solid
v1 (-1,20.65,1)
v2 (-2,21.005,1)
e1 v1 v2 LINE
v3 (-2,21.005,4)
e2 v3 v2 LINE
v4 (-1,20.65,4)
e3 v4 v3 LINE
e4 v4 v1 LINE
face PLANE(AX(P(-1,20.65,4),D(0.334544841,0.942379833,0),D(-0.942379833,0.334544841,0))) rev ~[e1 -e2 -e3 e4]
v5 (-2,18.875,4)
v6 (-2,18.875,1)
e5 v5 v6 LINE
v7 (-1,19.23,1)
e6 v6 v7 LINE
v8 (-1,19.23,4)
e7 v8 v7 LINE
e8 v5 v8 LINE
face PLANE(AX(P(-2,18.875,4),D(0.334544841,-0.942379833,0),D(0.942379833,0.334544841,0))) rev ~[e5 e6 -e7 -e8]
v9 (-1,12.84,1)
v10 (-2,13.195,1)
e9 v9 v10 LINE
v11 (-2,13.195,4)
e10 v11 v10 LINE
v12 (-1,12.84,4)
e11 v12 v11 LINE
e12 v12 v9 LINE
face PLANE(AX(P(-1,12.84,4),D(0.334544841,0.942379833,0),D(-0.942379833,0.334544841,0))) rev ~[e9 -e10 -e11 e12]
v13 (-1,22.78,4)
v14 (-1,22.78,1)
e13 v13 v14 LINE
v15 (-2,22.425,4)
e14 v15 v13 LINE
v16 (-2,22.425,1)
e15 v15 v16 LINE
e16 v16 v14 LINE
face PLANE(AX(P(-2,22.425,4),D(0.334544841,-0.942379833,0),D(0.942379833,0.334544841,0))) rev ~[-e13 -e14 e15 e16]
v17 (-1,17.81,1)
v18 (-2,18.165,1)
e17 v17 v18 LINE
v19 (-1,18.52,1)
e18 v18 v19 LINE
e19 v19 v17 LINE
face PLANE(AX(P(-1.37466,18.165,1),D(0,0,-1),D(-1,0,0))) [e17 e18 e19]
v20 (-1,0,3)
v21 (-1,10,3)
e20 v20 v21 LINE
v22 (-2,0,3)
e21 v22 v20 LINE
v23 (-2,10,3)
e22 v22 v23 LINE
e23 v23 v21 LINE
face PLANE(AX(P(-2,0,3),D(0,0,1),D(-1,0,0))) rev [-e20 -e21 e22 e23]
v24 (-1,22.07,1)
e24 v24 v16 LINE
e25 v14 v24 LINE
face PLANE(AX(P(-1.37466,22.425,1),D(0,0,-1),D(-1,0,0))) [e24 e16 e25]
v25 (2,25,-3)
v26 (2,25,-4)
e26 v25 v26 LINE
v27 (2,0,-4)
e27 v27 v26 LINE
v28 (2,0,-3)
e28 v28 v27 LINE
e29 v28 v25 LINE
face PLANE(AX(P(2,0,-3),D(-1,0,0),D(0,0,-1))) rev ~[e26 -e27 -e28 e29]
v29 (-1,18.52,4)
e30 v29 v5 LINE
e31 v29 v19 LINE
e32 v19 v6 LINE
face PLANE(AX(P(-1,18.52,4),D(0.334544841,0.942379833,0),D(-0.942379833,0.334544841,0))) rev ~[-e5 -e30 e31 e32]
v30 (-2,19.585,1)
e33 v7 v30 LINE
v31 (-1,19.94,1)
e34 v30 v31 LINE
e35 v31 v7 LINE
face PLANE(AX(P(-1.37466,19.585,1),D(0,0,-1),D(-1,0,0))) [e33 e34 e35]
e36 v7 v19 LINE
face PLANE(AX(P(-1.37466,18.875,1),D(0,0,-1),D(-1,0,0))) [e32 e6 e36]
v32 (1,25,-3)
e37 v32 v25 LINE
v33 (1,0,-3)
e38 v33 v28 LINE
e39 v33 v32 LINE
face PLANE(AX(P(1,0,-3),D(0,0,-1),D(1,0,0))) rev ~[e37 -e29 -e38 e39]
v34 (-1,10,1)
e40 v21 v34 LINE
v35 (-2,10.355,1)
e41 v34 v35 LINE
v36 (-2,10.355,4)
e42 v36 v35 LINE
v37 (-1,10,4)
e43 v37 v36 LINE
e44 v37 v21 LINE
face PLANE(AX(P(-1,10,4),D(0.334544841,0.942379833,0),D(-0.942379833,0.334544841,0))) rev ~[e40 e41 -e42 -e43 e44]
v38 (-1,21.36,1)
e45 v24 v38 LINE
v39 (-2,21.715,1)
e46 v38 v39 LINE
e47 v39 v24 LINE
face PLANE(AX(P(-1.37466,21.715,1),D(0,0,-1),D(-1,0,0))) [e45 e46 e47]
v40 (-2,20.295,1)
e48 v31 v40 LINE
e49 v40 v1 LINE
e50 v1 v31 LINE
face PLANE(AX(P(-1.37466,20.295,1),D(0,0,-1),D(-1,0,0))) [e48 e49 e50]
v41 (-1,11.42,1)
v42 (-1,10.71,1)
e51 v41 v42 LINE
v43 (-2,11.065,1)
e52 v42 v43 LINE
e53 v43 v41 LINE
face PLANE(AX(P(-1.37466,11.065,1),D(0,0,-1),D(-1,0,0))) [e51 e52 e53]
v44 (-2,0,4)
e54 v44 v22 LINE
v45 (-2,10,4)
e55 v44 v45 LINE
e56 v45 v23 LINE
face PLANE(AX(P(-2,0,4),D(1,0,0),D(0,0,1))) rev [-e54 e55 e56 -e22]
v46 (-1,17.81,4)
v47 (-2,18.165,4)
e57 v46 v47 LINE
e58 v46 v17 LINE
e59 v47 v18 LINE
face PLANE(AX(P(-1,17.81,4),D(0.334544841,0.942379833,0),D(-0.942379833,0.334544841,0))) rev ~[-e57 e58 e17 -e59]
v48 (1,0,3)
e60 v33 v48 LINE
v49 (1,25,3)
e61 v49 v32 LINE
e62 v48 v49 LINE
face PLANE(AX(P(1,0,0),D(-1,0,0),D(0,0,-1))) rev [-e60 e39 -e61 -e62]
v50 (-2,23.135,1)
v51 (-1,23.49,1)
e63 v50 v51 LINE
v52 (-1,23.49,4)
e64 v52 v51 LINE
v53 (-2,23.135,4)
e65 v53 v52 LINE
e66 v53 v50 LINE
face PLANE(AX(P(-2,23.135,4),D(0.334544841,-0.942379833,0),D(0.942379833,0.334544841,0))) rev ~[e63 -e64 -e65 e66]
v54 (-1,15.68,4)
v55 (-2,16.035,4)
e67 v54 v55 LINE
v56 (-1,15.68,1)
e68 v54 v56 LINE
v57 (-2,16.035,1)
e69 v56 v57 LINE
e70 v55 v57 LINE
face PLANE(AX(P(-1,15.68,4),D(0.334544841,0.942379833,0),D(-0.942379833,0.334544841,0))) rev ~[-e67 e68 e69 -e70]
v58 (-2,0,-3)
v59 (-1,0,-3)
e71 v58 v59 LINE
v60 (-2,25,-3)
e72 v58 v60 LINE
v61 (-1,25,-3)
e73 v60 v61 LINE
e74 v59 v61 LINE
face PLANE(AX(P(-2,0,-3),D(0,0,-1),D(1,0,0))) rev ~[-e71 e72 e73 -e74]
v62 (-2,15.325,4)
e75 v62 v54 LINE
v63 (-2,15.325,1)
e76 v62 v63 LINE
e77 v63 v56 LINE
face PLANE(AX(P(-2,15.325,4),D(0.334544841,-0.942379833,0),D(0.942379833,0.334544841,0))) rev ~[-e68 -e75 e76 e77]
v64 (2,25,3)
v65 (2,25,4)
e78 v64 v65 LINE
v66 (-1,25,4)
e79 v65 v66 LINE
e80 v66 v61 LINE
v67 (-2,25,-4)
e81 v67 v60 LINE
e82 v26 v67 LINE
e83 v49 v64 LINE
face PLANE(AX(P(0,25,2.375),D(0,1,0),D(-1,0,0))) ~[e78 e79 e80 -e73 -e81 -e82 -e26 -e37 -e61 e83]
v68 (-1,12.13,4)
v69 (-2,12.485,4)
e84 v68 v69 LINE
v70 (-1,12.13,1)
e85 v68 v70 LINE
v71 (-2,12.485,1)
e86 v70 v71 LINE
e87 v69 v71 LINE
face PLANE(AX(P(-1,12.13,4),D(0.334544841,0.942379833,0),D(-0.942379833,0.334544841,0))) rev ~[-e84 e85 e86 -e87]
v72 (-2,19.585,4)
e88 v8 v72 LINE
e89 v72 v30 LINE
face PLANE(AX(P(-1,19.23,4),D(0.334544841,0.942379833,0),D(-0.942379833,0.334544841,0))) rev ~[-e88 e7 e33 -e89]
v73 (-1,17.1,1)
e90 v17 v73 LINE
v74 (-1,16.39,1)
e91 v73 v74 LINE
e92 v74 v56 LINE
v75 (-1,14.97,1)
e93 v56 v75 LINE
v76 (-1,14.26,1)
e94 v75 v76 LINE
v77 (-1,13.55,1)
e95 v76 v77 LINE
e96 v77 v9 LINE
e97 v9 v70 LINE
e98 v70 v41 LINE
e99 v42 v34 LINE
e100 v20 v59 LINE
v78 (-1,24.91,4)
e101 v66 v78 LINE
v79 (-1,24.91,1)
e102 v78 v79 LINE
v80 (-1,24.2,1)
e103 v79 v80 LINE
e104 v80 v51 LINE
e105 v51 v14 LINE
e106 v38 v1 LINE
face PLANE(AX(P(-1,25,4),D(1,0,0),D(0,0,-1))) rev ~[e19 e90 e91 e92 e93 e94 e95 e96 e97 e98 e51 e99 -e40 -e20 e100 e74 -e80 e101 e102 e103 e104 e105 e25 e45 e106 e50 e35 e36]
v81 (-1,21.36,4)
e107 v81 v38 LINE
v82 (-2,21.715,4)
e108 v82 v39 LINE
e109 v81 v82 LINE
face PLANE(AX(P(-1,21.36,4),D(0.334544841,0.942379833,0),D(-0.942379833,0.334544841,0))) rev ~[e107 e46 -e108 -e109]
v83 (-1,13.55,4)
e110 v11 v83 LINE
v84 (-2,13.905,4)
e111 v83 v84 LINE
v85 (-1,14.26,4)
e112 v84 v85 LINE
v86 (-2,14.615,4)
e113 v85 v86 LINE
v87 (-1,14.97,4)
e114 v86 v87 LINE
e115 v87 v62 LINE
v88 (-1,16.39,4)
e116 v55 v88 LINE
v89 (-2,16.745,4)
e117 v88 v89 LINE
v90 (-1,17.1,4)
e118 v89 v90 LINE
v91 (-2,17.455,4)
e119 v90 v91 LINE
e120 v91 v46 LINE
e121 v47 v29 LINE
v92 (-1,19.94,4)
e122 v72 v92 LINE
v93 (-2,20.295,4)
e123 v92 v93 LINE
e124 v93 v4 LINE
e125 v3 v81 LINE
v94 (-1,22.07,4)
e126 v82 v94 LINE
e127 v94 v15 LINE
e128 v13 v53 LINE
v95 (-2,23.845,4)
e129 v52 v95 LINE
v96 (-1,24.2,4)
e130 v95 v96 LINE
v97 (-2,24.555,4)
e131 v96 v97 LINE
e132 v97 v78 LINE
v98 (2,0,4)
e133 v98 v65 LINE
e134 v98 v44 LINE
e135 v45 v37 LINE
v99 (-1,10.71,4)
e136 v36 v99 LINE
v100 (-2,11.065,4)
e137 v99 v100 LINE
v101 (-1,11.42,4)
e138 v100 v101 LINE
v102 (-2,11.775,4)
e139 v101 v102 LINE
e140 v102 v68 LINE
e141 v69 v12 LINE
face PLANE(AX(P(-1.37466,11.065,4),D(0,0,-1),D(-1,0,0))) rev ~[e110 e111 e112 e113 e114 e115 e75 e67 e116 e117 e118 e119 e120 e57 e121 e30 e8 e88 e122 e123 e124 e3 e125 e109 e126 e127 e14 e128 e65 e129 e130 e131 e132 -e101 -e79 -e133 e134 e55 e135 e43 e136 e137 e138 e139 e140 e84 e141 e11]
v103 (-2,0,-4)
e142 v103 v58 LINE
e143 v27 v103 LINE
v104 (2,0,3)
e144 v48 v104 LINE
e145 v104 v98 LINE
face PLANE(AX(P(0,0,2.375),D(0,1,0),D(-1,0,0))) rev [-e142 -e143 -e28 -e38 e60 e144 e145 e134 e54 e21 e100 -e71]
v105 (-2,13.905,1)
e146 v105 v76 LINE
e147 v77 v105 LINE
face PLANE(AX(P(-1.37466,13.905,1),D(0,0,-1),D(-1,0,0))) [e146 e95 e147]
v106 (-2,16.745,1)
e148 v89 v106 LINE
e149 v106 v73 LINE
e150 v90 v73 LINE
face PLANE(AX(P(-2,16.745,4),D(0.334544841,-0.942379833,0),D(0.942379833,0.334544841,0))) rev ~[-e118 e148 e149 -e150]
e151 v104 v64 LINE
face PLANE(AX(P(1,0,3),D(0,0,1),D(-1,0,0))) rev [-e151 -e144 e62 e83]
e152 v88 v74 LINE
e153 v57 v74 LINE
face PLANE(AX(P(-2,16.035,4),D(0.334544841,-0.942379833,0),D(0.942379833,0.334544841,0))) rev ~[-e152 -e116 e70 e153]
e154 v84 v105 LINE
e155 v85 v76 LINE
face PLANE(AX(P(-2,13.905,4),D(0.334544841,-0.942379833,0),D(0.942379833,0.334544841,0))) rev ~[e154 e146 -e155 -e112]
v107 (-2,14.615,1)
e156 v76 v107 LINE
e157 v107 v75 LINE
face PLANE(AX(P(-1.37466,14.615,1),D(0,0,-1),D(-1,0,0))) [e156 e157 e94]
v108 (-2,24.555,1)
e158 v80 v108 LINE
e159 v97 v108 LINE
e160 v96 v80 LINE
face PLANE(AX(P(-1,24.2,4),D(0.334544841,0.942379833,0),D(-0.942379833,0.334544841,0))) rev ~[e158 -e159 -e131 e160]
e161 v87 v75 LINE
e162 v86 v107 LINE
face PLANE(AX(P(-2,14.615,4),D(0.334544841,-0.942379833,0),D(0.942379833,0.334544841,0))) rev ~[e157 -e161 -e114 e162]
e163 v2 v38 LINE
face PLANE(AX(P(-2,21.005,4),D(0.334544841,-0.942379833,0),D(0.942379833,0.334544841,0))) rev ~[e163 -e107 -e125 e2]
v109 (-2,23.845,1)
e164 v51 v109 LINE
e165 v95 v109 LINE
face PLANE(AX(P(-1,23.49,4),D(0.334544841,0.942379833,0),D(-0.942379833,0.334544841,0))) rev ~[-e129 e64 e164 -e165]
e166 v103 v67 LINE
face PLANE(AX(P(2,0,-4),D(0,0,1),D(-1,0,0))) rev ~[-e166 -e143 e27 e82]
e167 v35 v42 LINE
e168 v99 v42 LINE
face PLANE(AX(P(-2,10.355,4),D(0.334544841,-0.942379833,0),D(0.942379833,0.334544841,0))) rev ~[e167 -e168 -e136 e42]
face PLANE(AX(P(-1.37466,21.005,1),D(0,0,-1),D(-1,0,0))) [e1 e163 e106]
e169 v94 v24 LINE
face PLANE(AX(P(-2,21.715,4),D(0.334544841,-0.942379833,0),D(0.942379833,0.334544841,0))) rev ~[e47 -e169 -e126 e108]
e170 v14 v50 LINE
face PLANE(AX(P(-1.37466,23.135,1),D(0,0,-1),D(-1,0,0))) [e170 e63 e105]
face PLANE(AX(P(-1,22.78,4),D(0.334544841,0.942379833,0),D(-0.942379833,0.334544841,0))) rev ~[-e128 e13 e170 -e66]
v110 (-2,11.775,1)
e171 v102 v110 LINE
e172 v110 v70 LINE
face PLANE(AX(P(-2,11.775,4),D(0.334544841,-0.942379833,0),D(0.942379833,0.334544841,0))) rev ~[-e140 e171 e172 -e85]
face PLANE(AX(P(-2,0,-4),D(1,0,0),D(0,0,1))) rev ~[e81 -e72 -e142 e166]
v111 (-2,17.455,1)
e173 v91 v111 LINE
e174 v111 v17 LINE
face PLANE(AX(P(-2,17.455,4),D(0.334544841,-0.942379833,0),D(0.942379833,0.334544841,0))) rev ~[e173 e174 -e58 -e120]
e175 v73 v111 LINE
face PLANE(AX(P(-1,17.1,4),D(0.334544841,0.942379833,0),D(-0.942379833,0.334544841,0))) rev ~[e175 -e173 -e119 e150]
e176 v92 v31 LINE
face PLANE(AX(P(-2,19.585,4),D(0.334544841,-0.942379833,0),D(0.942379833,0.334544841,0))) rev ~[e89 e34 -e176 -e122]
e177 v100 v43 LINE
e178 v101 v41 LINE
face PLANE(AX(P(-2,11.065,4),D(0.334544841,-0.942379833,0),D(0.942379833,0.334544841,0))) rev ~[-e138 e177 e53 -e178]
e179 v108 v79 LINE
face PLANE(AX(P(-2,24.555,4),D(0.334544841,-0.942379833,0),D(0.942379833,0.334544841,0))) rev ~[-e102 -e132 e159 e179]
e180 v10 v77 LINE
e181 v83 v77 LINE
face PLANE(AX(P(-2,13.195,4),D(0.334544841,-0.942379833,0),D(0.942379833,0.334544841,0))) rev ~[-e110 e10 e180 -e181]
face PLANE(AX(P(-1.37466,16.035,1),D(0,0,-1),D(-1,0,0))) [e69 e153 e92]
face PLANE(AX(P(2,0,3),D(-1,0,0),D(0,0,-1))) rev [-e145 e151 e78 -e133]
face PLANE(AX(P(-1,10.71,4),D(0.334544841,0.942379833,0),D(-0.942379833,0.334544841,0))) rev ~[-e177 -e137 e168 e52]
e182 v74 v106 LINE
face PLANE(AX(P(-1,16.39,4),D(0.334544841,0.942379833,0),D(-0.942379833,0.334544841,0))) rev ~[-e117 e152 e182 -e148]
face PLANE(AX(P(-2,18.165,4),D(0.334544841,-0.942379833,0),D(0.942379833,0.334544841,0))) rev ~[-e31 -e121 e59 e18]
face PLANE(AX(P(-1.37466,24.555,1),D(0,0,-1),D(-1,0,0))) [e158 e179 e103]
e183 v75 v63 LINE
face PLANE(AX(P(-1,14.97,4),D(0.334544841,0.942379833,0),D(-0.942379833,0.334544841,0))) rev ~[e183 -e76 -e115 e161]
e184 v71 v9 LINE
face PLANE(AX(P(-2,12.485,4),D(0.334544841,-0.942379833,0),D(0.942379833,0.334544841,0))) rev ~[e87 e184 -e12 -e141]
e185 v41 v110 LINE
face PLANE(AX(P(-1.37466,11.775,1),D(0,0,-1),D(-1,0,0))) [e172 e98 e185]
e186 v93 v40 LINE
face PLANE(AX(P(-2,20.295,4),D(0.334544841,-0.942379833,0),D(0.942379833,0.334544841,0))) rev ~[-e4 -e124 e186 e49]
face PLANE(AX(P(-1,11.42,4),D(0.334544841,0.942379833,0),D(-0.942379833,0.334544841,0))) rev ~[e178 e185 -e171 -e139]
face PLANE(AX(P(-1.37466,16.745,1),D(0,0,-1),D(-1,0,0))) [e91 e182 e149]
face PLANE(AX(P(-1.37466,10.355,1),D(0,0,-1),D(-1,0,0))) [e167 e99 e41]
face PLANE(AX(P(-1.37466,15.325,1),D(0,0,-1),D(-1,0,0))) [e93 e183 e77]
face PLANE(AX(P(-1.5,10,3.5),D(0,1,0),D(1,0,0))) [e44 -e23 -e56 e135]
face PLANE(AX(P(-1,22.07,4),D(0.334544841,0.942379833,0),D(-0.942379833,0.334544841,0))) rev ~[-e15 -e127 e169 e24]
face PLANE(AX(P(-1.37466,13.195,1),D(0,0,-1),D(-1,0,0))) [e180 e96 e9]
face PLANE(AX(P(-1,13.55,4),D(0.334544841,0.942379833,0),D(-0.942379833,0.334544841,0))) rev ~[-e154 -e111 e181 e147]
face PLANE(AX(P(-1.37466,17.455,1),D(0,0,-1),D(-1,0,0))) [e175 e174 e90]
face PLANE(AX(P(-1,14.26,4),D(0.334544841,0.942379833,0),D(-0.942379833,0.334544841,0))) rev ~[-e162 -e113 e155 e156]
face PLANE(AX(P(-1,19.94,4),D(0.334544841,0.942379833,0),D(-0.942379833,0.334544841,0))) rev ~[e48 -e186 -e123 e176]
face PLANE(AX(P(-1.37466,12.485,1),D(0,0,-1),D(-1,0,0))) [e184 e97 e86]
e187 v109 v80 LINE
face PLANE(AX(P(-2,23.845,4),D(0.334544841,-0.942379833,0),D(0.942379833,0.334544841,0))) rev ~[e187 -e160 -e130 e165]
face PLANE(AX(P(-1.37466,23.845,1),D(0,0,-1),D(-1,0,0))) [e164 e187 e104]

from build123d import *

# Parameters (mm, degrees)
BOSS_EXTRUDE1_DEPTH = 25
SKETCH2_W           = 1
SKETCH2_H           = 1
CUT_EXTRUDE1_DEPTH  = 15
BOSS_EXTRUDE2_DEPTH = 3
LPATTERN1_COUNT     = 21
LPATTERN1_PITCH     = 0.71


with BuildPart() as part:
    # Sketch1 → Boss-Extrude1 (new body)
    with BuildSketch(Plane(origin=(0, 0, 0), x_dir=(1, 0, 0), z_dir=(0, 1, 0))):
        Polygon((2, 4), (-2, 4), (-2, 3), (-1, 3), (-1, 0), (1, 0), (1, 3), (2, 3), align=None)
    boss_extrude1 = extrude(amount=BOSS_EXTRUDE1_DEPTH)

    # Mirror1: Boss-Extrude1 across plane
    add(boss_extrude1.mirror(Plane(origin=(-1, 25, 0), x_dir=(1, 0, 0), z_dir=(0, 0, -1))))

    # Sketch2 → Cut-Extrude1 (cut)
    with BuildSketch(Plane(origin=(0, 25, 0), x_dir=(1, 0, 0), z_dir=(0, 1, 0))):
        with Locations((-1.5, -3.5)):
            Rectangle(SKETCH2_W, SKETCH2_H)
    extrude(amount=-CUT_EXTRUDE1_DEPTH, mode=Mode.SUBTRACT)

    # Sketch3 → Boss-Extrude2 (add)
    with BuildSketch(Plane.XY.offset(4)):
        Polygon((-1, 10), (-2, 10.355), (-1, 10.71), align=None)
    boss_extrude2 = extrude(amount=-BOSS_EXTRUDE2_DEPTH)

    # LPattern1: Boss-Extrude2 ×21
    with Locations(*[(0, i * LPATTERN1_PITCH, 0) for i in range(1, LPATTERN1_COUNT)]):
        add(boss_extrude2)


solid = part.part
